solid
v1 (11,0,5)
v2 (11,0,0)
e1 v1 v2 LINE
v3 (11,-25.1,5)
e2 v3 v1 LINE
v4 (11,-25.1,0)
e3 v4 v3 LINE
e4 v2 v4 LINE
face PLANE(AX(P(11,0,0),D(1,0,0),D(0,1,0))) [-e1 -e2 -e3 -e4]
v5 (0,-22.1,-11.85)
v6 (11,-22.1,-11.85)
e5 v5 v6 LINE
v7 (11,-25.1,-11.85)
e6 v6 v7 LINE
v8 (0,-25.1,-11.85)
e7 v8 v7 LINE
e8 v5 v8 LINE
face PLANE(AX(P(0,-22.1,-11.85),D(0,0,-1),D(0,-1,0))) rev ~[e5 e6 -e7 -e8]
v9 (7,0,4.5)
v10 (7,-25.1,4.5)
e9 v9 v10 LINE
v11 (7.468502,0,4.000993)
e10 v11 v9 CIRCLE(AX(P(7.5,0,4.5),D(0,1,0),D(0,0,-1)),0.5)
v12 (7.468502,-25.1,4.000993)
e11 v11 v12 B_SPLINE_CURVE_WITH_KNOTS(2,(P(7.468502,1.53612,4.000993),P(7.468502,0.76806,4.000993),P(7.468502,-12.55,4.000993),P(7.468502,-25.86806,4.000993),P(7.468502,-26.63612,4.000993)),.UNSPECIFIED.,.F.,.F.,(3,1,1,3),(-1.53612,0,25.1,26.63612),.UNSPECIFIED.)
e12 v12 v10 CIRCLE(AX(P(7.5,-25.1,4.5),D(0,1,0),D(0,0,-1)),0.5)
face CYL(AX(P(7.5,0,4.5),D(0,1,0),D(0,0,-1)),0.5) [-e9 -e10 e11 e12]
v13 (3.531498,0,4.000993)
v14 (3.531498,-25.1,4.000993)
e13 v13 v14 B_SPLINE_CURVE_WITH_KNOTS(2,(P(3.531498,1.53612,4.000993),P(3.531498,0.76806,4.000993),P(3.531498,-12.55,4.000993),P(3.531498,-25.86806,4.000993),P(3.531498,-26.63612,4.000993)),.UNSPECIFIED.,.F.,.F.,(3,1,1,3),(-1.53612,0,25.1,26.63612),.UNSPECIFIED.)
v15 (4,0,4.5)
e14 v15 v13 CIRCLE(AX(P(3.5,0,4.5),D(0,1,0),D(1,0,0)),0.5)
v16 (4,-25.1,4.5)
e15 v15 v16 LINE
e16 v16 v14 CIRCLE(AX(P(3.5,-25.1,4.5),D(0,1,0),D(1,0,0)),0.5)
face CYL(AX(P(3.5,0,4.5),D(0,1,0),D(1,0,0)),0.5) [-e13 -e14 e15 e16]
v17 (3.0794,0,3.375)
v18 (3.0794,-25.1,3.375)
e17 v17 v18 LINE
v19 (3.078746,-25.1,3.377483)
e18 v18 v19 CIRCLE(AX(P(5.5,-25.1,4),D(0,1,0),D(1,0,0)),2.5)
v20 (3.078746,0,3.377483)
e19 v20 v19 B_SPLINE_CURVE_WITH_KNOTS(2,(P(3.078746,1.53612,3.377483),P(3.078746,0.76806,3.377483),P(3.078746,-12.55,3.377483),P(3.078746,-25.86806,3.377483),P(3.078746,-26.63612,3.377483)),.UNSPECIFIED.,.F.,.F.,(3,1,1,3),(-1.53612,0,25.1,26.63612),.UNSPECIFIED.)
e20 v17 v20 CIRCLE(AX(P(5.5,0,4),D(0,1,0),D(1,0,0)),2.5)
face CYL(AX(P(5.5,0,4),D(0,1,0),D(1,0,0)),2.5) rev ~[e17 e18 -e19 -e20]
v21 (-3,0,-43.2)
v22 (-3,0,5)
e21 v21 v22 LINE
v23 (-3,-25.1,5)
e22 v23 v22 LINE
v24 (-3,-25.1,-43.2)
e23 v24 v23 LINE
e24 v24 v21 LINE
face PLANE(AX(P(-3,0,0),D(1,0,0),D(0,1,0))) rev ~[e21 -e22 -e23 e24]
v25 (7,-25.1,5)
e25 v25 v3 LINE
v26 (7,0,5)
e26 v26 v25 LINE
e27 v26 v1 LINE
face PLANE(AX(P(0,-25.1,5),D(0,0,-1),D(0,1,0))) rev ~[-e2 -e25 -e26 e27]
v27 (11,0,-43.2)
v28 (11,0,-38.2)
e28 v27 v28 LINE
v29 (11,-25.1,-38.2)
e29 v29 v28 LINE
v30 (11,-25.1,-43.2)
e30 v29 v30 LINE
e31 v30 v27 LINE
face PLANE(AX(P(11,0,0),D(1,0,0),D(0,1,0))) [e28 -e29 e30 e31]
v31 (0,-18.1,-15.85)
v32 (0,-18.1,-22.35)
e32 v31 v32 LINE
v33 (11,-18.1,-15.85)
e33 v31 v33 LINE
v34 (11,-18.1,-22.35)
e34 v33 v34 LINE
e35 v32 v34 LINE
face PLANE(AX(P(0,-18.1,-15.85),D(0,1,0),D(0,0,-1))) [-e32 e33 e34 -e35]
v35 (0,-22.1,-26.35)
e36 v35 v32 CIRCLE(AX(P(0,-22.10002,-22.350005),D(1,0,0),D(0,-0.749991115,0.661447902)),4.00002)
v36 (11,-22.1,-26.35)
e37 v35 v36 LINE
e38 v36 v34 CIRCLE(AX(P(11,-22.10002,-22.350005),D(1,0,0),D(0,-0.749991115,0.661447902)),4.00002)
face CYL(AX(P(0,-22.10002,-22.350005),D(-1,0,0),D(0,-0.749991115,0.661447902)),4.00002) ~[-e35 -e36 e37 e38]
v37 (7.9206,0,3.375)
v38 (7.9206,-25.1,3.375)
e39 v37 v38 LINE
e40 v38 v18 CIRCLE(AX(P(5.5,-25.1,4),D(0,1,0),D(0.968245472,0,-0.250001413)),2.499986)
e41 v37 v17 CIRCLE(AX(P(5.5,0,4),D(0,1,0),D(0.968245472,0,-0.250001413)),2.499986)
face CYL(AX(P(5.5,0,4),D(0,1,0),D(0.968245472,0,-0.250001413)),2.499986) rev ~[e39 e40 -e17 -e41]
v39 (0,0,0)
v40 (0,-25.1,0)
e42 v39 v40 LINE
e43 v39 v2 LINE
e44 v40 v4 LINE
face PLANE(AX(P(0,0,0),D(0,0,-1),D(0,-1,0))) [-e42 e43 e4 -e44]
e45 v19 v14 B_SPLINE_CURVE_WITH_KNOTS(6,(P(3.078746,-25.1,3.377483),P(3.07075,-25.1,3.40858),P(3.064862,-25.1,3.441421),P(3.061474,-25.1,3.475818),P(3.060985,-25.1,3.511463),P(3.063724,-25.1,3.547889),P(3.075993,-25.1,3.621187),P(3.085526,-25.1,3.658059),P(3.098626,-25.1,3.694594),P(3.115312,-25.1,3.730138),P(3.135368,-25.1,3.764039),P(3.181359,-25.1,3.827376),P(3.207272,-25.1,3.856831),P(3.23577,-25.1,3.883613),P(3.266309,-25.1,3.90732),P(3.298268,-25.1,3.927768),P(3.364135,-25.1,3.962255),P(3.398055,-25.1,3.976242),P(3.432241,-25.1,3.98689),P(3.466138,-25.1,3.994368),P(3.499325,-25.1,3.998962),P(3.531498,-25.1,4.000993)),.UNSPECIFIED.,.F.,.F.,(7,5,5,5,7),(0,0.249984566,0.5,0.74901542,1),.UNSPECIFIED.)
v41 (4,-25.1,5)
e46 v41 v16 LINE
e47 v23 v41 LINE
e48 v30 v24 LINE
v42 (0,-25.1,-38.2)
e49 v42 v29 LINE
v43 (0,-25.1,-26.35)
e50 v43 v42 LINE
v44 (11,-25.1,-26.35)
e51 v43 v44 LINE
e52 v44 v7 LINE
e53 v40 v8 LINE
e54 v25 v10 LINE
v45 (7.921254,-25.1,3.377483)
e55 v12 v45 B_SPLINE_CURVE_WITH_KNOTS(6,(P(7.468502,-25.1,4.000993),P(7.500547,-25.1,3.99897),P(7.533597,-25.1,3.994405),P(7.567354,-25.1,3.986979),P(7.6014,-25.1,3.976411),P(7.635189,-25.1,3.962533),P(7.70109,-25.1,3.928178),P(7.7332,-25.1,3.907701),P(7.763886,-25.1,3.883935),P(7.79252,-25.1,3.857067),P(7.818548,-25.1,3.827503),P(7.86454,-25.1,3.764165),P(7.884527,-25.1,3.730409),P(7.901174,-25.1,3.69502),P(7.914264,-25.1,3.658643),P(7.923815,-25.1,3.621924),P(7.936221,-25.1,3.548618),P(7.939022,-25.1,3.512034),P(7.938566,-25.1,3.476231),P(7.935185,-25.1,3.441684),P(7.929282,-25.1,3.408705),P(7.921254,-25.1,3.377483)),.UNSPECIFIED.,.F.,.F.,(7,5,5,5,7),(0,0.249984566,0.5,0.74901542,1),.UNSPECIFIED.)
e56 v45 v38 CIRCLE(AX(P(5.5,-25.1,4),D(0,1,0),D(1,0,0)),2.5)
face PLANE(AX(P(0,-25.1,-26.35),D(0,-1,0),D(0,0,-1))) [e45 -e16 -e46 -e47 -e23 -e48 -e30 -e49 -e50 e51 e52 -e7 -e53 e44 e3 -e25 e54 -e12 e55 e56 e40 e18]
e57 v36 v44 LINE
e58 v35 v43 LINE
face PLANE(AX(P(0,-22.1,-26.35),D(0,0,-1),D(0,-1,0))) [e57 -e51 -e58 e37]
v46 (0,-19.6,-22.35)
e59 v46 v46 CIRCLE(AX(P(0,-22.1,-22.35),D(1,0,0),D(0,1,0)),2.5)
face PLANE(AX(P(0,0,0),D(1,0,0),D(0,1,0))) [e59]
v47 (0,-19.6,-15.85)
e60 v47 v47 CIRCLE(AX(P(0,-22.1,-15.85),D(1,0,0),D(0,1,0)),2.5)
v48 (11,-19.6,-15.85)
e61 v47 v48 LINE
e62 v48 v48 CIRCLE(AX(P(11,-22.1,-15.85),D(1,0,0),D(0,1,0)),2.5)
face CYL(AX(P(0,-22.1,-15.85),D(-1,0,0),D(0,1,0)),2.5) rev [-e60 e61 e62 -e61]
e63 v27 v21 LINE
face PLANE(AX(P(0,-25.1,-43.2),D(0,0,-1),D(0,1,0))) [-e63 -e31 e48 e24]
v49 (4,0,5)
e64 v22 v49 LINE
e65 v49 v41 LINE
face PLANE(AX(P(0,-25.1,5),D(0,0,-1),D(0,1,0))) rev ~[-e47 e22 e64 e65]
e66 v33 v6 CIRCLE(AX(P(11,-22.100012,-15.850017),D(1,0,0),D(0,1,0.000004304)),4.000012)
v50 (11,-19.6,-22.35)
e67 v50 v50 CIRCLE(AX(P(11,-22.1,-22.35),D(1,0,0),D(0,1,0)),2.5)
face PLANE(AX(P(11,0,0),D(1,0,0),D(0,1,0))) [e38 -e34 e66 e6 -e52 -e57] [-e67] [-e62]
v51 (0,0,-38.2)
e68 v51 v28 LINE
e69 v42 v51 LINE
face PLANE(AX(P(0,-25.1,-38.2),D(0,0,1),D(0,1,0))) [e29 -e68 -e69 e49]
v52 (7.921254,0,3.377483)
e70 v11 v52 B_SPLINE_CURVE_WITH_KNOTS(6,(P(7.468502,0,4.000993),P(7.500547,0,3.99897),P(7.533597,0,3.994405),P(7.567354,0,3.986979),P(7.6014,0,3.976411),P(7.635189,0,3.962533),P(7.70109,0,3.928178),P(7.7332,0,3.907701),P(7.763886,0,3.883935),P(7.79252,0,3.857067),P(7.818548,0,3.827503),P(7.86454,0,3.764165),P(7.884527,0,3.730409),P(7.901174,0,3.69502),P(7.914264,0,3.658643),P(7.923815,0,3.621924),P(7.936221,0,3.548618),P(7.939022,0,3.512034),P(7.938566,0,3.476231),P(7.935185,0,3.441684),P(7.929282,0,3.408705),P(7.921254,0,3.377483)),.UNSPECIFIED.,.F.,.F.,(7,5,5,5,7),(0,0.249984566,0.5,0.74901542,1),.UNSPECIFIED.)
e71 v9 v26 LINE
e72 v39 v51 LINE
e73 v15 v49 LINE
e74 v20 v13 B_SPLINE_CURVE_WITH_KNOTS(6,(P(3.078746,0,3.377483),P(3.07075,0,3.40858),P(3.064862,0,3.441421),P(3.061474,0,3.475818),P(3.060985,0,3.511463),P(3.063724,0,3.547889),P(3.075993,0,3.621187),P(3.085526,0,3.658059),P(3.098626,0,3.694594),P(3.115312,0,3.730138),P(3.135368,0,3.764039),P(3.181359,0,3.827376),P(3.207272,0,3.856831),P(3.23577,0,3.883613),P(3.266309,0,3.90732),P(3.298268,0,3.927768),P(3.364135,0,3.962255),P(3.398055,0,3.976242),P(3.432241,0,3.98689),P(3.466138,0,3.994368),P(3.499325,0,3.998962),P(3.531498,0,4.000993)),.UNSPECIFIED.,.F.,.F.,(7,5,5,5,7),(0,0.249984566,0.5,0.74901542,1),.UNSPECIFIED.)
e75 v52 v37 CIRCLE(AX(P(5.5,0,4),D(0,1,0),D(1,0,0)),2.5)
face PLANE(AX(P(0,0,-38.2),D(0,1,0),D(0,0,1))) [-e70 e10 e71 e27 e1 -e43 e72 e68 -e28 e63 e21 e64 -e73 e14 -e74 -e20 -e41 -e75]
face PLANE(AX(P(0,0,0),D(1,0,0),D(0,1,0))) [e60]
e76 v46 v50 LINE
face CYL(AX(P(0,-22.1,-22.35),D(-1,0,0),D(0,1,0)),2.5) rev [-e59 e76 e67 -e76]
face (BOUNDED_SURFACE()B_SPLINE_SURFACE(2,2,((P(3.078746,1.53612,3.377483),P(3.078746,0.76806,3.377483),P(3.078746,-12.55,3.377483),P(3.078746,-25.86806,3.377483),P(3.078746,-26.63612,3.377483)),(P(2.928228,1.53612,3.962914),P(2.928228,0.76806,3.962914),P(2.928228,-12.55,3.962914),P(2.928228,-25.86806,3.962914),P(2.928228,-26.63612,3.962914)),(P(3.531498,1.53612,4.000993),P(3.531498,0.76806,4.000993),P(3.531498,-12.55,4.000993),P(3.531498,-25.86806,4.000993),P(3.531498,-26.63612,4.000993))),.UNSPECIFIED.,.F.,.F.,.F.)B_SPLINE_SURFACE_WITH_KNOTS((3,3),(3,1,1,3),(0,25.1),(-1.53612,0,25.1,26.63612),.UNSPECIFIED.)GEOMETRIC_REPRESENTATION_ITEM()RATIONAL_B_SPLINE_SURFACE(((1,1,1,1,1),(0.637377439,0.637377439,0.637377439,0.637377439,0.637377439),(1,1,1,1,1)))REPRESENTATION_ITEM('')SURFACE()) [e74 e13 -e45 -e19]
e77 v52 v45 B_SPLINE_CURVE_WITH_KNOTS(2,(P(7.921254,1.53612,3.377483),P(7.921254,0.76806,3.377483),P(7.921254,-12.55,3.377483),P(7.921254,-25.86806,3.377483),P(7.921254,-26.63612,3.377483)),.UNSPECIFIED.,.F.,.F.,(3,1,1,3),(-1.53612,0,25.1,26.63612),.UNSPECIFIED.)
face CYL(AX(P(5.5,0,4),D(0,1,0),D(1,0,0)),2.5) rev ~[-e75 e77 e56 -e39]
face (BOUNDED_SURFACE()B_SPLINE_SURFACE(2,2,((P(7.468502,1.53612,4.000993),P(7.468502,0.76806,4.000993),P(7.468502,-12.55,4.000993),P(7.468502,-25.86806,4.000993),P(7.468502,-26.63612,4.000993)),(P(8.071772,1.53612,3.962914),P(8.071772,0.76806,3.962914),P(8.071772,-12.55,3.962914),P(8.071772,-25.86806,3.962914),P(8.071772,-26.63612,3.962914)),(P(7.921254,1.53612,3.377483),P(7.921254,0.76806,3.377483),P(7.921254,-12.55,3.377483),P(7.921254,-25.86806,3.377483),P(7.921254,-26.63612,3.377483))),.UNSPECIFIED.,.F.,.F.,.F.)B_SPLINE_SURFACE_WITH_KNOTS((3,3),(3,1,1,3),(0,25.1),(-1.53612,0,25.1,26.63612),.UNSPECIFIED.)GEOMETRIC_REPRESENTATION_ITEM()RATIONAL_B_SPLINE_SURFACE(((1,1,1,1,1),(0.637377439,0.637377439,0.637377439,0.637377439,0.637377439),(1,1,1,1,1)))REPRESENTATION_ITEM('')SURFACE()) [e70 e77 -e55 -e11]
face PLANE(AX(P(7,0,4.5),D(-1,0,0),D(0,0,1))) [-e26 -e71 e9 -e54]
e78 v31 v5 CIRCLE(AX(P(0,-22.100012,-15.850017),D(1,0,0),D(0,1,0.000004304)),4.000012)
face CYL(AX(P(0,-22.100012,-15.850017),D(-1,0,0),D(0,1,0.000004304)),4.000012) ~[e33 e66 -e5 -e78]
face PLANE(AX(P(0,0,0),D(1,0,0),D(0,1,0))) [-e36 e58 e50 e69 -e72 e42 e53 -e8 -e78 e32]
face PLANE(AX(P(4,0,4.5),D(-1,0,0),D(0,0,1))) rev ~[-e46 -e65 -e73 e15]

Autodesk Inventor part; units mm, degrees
ref_plane "YZ Plane" through (0, 0, 0) normal (1, 0, 0) x (0, 1, 0)
ref_plane "XZ Plane" through (0, 0, 0) normal (0, 1, 0) x (-1, 0, 0)
sketch "Sketch1" plane through (0, 0, 0) normal (1, 0, 0) x (0, 1, 0)
  line L0 (0, 0) -> (-25.1, 0)
  line L1 (-25.1, 0) -> (-25.1, -38.2)
  line L2 (-25.1, -38.2) -> (0, -38.2)
  line L3 (0, -38.2) -> (0, 0)
  circle A0 centre (-22.1, -15.85) radius 2.5
  circle A1 centre (-22.1, -22.35) radius 2.5
  arc A2 (-18.1, -15.85) -> (-25.1, -18.4958) centre (-22.1, -15.85) ccw
  arc A3 (-25.1, -19.7042) -> (-18.1, -22.35) centre (-22.1, -22.35) ccw
  line L4 (-18.1, -15.85) -> (-18.1, -22.35)
  line L5 (-22.1, -11.85) -> (-25.1, -11.85)
  line L6 (-22.1, -26.35) -> (-25.1, -26.35)
  line L7 (0, 0) -> (-25.1, 0)
  line L8 (-25.1, 0) -> (-25.1, 5)
  line L9 (-25.1, 5) -> (0, 5)
  line L10 (0, 5) -> (0, 0)
  line L11 (0, -38.2) -> (-25.1, -38.2)
  line L12 (-25.1, -38.2) -> (-25.1, -43.2)
  line L13 (-25.1, -43.2) -> (0, -43.2)
  line L14 (0, -43.2) -> (0, -38.2)
  point P0 (-25.1, -19.1)
  point P1 (-25.1, -13.2042)
  point P2 (-25.1, -24.9958)
  dimension "d0" = 38.2
  dimension "d1" = 25.1
  dimension "d2" = 5
  dimension "d3" = 6.5
  dimension "d4" = 3
  dimension "d5" = 3.25
  dimension "d6" = 8
  dimension "d11" = 5
  dimension "d12" = 5
extrude "Extrusion1" add sketch "Sketch1" against normal blind 3 contours L3 L2 L1 L6 A3 L4 A2 L5 L0 | L0 L8 L9 L10 | L14 L13 L12 L2 | L5 A2 L1 | A2 L4 A3 L1 | L1 A3 L6 | A0 | A1
extrude "Extrusion2" add sketch "Sketch1" along normal blind 11 contours L0 L8 L9 L10 | L14 L13 L12 L2 | L5 A2 L1 | A2 L4 A3 L1 | L1 A3 L6
sketch "Sketch2" plane through (-3, -25.1, 5) normal (0, 0, 1) x (1, 0, 0)
  circle A0 centre (7, 20.1) radius 2.6
  line L0 (0, 25.1) -> (14, 25.1) projected
  circle A1 centre (7, 8.1) radius 2.6
  point P0 (3, 25.1)
  point P1 (7, 25.1)
  dimension "d13" = 5.2
  dimension "d14" = 5
  dimension "d15" = 12
extrude "Extrusion3" [suppressed]
ref_plane "Work Plane1" through (-3, -25.1, -19.1) normal (0, 0, 1) x (1, 0, 0)
sketch "Sketch3" plane through (-3, 0, 5) normal (0, 1, 0) x (1, 0, 0)
  line L0 (14, 48.2) -> (0, 48.2) projected
  line L1 (0, 0) -> (0, 48.2) projected
  line L2 (0, 0) -> (14, 0) projected
  line L3 (14, 5) -> (14, 0) projected
  line L4 (3, 5) -> (14, 5) projected
  line L5 (3, 43.2) -> (3, 5) projected
  line L6 (3, 43.2) -> (14, 43.2) projected
  line L7 (14, 48.2) -> (14, 43.2) projected
  arc A0 (10.9206, 1.625) -> (6.0794, 1.625) centre (8.5, 1) ccw
  line L8 (10, 0.5) -> (10, 0)
  line L9 (7, 0.5) -> (7, 0)
  arc A1 (7, 0.5) -> (6.5, 1) centre (6.5, 0.5) ccw
  arc A2 (10.5, 1) -> (10, 0.5) centre (10.5, 0.5) ccw
  line L10 (6.5, 1) -> (6, 1)
  arc A3 (11, 1) -> (6, 1) centre (8.5, 1) ccw
  line L11 (10.5, 1) -> (11, 1)
  point P0 (8.5, 5)
  point P1 (7, 1)
  point P2 (10, 1)
  point P3 (10.9206, 1.625)
  point P4 (6.0794, 1.625)
  dimension "d23" = 5
  dimension "d26" = 1.5
  dimension "d28" = 1.5
  dimension "d31" = 0.5
extrude "Extrusion4" cut sketch "Sketch3" against normal through all contours L9 A1 L10 A3 A0 L11 A2 L8 L2
fillet "Fillet1" radius 0.5 2 edges at (3, -12.55, 4) (8, -12.55, 4)
properties part number "Pixy2 cover"
